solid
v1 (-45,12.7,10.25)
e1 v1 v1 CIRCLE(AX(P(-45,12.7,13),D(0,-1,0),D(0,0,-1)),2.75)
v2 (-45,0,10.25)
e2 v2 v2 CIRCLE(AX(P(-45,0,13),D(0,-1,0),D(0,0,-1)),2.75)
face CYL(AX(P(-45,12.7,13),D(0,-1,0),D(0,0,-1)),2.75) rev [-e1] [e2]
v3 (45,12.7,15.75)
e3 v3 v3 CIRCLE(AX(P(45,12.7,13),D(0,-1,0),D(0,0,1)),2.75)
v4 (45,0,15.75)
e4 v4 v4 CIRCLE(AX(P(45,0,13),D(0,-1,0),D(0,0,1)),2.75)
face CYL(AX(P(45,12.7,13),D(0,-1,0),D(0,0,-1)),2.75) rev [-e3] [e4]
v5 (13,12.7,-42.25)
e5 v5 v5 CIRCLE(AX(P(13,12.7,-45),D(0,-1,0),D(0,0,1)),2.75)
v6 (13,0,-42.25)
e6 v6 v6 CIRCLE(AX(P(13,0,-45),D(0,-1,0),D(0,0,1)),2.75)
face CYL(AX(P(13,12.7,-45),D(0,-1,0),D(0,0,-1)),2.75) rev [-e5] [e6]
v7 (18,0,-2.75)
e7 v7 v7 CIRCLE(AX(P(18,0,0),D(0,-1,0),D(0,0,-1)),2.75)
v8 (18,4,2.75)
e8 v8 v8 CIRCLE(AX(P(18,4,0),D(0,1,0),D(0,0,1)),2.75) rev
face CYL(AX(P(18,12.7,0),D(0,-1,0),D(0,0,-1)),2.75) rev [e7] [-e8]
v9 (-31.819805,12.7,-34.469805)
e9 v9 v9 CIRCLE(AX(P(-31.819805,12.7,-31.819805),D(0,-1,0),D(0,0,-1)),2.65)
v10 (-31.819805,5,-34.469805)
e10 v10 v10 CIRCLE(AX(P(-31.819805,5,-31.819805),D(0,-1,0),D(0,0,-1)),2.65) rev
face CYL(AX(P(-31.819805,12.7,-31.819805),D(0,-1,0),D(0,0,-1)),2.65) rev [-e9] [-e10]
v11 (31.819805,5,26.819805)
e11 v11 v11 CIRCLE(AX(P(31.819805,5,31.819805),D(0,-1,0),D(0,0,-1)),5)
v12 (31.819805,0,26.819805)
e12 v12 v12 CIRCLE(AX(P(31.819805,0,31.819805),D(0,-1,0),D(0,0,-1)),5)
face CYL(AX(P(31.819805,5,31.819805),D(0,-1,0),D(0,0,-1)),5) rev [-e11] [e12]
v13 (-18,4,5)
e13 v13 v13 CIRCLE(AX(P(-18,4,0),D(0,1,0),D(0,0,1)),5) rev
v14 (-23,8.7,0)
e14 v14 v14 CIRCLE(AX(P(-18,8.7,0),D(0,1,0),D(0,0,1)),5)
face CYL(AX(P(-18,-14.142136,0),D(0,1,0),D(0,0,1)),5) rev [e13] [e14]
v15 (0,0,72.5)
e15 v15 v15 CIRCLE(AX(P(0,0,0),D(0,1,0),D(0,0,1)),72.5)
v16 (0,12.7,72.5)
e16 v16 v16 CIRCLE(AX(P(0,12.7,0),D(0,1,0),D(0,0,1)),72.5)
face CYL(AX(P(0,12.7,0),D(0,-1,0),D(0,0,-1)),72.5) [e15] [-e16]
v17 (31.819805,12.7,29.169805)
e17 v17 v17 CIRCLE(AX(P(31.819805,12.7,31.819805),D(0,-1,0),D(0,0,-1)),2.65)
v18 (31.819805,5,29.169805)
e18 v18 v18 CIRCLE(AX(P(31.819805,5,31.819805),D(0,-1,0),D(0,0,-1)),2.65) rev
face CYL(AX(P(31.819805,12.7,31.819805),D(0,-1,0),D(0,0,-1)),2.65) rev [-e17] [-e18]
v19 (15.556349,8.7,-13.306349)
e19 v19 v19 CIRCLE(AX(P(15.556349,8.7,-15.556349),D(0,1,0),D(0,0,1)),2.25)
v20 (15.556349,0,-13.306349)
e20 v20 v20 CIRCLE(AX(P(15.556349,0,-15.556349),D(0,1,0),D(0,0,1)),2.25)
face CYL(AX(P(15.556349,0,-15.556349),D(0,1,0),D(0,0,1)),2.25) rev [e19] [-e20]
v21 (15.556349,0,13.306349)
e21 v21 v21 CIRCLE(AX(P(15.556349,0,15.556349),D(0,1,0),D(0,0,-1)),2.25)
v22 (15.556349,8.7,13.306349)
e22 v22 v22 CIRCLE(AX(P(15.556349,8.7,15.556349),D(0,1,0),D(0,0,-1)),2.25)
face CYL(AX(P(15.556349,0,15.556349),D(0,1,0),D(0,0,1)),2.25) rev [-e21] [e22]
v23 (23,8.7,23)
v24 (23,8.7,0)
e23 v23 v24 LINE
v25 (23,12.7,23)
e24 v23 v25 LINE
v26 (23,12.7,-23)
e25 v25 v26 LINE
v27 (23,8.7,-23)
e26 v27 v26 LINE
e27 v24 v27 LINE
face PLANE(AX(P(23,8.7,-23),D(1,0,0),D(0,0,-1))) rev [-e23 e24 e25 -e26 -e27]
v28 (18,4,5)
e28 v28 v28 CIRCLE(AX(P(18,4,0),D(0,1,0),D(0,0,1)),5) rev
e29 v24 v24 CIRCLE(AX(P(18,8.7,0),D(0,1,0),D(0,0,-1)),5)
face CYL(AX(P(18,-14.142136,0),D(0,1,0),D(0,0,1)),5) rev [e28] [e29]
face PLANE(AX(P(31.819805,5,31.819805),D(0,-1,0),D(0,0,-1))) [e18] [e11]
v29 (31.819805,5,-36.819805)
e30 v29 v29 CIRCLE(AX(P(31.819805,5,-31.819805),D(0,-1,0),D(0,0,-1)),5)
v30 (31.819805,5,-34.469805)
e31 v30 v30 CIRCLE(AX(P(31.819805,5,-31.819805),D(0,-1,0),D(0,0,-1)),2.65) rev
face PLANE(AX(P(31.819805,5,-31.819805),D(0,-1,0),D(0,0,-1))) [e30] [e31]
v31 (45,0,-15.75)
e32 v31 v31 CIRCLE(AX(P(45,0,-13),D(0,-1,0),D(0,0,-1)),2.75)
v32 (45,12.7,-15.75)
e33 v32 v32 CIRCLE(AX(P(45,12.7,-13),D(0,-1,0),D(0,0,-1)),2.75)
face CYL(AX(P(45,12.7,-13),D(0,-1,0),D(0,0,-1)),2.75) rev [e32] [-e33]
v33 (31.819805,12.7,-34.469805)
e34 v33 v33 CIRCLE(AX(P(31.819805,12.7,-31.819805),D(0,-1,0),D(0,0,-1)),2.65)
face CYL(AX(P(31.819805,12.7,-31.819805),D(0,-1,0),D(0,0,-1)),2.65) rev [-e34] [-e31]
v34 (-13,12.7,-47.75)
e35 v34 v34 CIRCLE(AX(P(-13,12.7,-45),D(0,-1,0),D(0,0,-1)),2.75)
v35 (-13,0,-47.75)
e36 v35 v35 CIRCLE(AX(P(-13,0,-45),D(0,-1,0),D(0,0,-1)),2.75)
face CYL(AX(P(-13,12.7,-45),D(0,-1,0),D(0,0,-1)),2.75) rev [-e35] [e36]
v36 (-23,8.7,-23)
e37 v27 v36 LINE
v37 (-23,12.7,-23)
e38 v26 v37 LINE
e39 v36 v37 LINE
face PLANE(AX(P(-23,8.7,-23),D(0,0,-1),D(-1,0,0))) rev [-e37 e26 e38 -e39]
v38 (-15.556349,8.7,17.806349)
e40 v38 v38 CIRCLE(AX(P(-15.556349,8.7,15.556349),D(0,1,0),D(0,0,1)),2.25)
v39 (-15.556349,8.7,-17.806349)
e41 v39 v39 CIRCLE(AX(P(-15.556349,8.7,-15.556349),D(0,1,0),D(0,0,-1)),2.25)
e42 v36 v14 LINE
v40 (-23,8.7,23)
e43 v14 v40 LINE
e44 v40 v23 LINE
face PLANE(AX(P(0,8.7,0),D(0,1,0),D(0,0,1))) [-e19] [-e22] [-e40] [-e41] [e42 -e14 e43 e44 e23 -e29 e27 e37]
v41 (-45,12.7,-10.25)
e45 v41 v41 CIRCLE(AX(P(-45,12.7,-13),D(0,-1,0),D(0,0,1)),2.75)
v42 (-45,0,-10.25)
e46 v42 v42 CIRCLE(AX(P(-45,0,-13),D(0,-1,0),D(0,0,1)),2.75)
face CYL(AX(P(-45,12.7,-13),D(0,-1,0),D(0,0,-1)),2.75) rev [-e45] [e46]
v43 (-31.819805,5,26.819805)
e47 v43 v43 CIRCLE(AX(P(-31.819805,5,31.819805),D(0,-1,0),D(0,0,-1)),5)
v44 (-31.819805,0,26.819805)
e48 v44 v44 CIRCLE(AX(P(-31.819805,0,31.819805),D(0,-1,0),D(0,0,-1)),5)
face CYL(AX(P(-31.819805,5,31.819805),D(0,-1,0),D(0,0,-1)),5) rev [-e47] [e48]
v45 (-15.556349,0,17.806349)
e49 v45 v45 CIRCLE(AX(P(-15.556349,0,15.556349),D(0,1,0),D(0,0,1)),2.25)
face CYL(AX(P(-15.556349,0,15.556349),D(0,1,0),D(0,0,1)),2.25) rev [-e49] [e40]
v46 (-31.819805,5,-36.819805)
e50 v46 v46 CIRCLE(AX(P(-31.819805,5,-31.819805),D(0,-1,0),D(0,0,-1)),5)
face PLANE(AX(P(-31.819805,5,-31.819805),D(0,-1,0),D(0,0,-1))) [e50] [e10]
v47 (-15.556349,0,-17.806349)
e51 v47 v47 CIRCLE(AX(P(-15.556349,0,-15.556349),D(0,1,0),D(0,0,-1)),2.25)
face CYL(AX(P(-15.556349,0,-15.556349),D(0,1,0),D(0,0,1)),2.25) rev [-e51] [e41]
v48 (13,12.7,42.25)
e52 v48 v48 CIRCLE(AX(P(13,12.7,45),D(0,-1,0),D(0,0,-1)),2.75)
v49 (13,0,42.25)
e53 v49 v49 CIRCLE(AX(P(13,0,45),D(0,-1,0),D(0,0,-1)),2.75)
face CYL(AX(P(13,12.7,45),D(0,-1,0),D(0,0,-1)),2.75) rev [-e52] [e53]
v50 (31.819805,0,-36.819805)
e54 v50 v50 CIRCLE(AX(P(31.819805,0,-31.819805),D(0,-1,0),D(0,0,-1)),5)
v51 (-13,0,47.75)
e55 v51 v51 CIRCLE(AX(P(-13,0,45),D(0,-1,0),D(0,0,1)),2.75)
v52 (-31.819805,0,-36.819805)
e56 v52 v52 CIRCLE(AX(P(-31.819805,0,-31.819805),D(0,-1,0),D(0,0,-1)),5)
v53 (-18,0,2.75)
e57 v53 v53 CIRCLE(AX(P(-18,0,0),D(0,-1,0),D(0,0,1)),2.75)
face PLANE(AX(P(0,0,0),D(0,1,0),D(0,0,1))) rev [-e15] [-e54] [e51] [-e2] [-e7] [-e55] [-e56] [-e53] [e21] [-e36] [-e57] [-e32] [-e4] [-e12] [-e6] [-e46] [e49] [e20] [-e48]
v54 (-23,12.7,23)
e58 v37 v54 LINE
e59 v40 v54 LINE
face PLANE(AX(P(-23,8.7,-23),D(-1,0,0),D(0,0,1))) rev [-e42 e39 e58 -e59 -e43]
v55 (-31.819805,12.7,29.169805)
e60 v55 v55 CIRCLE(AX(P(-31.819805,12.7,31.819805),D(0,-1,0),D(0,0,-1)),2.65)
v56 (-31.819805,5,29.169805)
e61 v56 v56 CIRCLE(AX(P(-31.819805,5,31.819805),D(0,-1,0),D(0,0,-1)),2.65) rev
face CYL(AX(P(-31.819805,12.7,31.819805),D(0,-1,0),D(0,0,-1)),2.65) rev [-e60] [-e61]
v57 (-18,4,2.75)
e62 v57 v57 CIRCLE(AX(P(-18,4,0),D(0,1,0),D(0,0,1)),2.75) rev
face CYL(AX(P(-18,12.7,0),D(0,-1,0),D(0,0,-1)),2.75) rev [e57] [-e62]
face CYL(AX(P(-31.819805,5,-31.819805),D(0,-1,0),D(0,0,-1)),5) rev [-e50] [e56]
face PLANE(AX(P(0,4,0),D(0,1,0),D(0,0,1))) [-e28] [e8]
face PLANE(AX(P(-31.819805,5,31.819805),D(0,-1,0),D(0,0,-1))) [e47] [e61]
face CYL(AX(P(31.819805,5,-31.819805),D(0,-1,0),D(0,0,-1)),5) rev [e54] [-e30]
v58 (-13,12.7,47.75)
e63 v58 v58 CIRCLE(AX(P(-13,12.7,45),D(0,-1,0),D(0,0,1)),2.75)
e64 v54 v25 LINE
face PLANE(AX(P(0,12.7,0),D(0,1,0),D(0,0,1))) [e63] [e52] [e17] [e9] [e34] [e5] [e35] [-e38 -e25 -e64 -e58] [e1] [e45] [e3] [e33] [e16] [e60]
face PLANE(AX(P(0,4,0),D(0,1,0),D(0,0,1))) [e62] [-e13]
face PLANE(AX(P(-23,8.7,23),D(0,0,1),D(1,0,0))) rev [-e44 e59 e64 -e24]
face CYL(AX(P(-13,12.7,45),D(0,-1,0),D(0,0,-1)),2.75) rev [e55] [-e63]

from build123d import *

# Parameters (mm, degrees)
SKETCH1_R           = 72.5
BOSS_EXTRUDE1_DEPTH = 12.7
SKETCH2_R           = 2.65
CUT_EXTRUDE1_DEPTH  = 104.314035833
SKETCH3_R           = 5
CUT_EXTRUDE2_DEPTH  = 5
SKETCH4_R           = 2.75
CUT_EXTRUDE3_DEPTH  = 104.314035833
SKETCH7_W           = 46
SKETCH7_H           = 46
CUT_EXTRUDE6_DEPTH  = 4
SKETCH8_R           = 2.25
CUT_EXTRUDE7_DEPTH  = 103.898930995
SKETCH9_R           = 2.75
CUT_EXTRUDE8_DEPTH  = 104.314035833
SKETCH10_R          = 5
CUT_EXTRUDE9_DEPTH  = 4.7


with BuildPart() as part:
    # Sketch1 → Boss-Extrude1 (new body)
    with BuildSketch(Plane(origin=(0, 0, 0), x_dir=(1, 0, 0), z_dir=(0, 1, 0))):
        with Locations(Location((0, 0, 0), (0, 0, 270))):
            Circle(SKETCH1_R)
    extrude(amount=BOSS_EXTRUDE1_DEPTH)

    # Sketch2 → Cut-Extrude1 (cut, through all)
    with BuildSketch(Plane.XZ):
        with Locations(Location((31.819805153, 31.819805153, 0), (0, 0, 270))):
            Circle(SKETCH2_R)
        with Locations(Location((31.819805153, -31.819805153, 0), (0, 0, 270))):
            Circle(SKETCH2_R)
        with Locations(Location((-31.819805153, -31.819805153, 0), (0, 0, 270))):
            Circle(SKETCH2_R)
        with Locations(Location((-31.819805153, 31.819805153, 0), (0, 0, 270))):
            Circle(SKETCH2_R)
    extrude(amount=-CUT_EXTRUDE1_DEPTH, mode=Mode.SUBTRACT)

    # Sketch3 → Cut-Extrude2 (cut)
    with BuildSketch(Plane.XZ):
        with Locations(Location((-31.819805153, 31.819805153, 0), (0, 0, 270))):
            Circle(SKETCH3_R)
        with Locations(Location((31.819805153, 31.819805153, 0), (0, 0, 270))):
            Circle(SKETCH3_R)
        with Locations(Location((31.819805153, -31.819805153, 0), (0, 0, 270))):
            Circle(SKETCH3_R)
        with Locations(Location((-31.819805153, -31.819805153, 0), (0, 0, 270))):
            Circle(SKETCH3_R)
    extrude(amount=-CUT_EXTRUDE2_DEPTH, mode=Mode.SUBTRACT)

    # Sketch4 → Cut-Extrude3 (cut, through all)
    with BuildSketch(Plane.XZ):
        with Locations(Location((13, 45, 0), (0, 0, 270))):
            Circle(SKETCH4_R)
        with Locations(Location((-13, 45, 0), (0, 0, 90))):
            Circle(SKETCH4_R)
        with Locations(Location((45, -13, 0), (0, 0, 270))):
            Circle(SKETCH4_R)
        with Locations(Location((45, 13, 0), (0, 0, 90))):
            Circle(SKETCH4_R)
        with Locations(Location((-13, -45, 0), (0, 0, 270))):
            Circle(SKETCH4_R)
        with Locations(Location((13, -45, 0), (0, 0, 90))):
            Circle(SKETCH4_R)
        with Locations(Location((-45, 13, 0), (0, 0, 270))):
            Circle(SKETCH4_R)
        with Locations(Location((-45, -13, 0), (0, 0, 90))):
            Circle(SKETCH4_R)
    extrude(amount=-CUT_EXTRUDE3_DEPTH, mode=Mode.SUBTRACT)

    # Sketch7 → Cut-Extrude6 (cut)
    with BuildSketch(Plane(origin=(0, 12.7, 0), x_dir=(1, 0, 0), z_dir=(0, 1, 0))):
        Rectangle(SKETCH7_W, SKETCH7_H)
    extrude(amount=-CUT_EXTRUDE6_DEPTH, mode=Mode.SUBTRACT)

    # Sketch8 → Cut-Extrude7 (cut, through all)
    with BuildSketch(Plane(origin=(0, 8.7, 0), x_dir=(1, 0, 0), z_dir=(0, 1, 0))):
        with Locations(Location((15.556349186, 15.556349186, 0), (0, 0, 270))):
            Circle(SKETCH8_R)
        with Locations(Location((-15.556349186, 15.556349186, 0), (0, 0, 90))):
            Circle(SKETCH8_R)
        with Locations(Location((15.556349186, -15.556349186, 0), (0, 0, 90))):
            Circle(SKETCH8_R)
        with Locations(Location((-15.556349186, -15.556349186, 0), (0, 0, 270))):
            Circle(SKETCH8_R)
    extrude(amount=-CUT_EXTRUDE7_DEPTH, mode=Mode.SUBTRACT)

    # Sketch9 → Cut-Extrude8 (cut, through all)
    with BuildSketch(Plane.XZ):
        with Locations(Location((18, 0, 0), (0, 0, 270))):
            Circle(SKETCH9_R)
        with Locations(Location((-18, 0, 0), (0, 0, 90))):
            Circle(SKETCH9_R)
    extrude(amount=-CUT_EXTRUDE8_DEPTH, mode=Mode.SUBTRACT)

    # Sketch10 → Cut-Extrude9 (cut)
    with BuildSketch(Plane(origin=(0, 8.7, 0), x_dir=(1, 0, 0), z_dir=(0, 1, 0))):
        with Locations(Location((-18, 0, 0), (0, 0, 270))):
            Circle(SKETCH10_R)
        with Locations(Location((18, 0, 0), (0, 0, 270))):
            Circle(SKETCH10_R)
    extrude(amount=-CUT_EXTRUDE9_DEPTH, mode=Mode.SUBTRACT)


solid = part.part
